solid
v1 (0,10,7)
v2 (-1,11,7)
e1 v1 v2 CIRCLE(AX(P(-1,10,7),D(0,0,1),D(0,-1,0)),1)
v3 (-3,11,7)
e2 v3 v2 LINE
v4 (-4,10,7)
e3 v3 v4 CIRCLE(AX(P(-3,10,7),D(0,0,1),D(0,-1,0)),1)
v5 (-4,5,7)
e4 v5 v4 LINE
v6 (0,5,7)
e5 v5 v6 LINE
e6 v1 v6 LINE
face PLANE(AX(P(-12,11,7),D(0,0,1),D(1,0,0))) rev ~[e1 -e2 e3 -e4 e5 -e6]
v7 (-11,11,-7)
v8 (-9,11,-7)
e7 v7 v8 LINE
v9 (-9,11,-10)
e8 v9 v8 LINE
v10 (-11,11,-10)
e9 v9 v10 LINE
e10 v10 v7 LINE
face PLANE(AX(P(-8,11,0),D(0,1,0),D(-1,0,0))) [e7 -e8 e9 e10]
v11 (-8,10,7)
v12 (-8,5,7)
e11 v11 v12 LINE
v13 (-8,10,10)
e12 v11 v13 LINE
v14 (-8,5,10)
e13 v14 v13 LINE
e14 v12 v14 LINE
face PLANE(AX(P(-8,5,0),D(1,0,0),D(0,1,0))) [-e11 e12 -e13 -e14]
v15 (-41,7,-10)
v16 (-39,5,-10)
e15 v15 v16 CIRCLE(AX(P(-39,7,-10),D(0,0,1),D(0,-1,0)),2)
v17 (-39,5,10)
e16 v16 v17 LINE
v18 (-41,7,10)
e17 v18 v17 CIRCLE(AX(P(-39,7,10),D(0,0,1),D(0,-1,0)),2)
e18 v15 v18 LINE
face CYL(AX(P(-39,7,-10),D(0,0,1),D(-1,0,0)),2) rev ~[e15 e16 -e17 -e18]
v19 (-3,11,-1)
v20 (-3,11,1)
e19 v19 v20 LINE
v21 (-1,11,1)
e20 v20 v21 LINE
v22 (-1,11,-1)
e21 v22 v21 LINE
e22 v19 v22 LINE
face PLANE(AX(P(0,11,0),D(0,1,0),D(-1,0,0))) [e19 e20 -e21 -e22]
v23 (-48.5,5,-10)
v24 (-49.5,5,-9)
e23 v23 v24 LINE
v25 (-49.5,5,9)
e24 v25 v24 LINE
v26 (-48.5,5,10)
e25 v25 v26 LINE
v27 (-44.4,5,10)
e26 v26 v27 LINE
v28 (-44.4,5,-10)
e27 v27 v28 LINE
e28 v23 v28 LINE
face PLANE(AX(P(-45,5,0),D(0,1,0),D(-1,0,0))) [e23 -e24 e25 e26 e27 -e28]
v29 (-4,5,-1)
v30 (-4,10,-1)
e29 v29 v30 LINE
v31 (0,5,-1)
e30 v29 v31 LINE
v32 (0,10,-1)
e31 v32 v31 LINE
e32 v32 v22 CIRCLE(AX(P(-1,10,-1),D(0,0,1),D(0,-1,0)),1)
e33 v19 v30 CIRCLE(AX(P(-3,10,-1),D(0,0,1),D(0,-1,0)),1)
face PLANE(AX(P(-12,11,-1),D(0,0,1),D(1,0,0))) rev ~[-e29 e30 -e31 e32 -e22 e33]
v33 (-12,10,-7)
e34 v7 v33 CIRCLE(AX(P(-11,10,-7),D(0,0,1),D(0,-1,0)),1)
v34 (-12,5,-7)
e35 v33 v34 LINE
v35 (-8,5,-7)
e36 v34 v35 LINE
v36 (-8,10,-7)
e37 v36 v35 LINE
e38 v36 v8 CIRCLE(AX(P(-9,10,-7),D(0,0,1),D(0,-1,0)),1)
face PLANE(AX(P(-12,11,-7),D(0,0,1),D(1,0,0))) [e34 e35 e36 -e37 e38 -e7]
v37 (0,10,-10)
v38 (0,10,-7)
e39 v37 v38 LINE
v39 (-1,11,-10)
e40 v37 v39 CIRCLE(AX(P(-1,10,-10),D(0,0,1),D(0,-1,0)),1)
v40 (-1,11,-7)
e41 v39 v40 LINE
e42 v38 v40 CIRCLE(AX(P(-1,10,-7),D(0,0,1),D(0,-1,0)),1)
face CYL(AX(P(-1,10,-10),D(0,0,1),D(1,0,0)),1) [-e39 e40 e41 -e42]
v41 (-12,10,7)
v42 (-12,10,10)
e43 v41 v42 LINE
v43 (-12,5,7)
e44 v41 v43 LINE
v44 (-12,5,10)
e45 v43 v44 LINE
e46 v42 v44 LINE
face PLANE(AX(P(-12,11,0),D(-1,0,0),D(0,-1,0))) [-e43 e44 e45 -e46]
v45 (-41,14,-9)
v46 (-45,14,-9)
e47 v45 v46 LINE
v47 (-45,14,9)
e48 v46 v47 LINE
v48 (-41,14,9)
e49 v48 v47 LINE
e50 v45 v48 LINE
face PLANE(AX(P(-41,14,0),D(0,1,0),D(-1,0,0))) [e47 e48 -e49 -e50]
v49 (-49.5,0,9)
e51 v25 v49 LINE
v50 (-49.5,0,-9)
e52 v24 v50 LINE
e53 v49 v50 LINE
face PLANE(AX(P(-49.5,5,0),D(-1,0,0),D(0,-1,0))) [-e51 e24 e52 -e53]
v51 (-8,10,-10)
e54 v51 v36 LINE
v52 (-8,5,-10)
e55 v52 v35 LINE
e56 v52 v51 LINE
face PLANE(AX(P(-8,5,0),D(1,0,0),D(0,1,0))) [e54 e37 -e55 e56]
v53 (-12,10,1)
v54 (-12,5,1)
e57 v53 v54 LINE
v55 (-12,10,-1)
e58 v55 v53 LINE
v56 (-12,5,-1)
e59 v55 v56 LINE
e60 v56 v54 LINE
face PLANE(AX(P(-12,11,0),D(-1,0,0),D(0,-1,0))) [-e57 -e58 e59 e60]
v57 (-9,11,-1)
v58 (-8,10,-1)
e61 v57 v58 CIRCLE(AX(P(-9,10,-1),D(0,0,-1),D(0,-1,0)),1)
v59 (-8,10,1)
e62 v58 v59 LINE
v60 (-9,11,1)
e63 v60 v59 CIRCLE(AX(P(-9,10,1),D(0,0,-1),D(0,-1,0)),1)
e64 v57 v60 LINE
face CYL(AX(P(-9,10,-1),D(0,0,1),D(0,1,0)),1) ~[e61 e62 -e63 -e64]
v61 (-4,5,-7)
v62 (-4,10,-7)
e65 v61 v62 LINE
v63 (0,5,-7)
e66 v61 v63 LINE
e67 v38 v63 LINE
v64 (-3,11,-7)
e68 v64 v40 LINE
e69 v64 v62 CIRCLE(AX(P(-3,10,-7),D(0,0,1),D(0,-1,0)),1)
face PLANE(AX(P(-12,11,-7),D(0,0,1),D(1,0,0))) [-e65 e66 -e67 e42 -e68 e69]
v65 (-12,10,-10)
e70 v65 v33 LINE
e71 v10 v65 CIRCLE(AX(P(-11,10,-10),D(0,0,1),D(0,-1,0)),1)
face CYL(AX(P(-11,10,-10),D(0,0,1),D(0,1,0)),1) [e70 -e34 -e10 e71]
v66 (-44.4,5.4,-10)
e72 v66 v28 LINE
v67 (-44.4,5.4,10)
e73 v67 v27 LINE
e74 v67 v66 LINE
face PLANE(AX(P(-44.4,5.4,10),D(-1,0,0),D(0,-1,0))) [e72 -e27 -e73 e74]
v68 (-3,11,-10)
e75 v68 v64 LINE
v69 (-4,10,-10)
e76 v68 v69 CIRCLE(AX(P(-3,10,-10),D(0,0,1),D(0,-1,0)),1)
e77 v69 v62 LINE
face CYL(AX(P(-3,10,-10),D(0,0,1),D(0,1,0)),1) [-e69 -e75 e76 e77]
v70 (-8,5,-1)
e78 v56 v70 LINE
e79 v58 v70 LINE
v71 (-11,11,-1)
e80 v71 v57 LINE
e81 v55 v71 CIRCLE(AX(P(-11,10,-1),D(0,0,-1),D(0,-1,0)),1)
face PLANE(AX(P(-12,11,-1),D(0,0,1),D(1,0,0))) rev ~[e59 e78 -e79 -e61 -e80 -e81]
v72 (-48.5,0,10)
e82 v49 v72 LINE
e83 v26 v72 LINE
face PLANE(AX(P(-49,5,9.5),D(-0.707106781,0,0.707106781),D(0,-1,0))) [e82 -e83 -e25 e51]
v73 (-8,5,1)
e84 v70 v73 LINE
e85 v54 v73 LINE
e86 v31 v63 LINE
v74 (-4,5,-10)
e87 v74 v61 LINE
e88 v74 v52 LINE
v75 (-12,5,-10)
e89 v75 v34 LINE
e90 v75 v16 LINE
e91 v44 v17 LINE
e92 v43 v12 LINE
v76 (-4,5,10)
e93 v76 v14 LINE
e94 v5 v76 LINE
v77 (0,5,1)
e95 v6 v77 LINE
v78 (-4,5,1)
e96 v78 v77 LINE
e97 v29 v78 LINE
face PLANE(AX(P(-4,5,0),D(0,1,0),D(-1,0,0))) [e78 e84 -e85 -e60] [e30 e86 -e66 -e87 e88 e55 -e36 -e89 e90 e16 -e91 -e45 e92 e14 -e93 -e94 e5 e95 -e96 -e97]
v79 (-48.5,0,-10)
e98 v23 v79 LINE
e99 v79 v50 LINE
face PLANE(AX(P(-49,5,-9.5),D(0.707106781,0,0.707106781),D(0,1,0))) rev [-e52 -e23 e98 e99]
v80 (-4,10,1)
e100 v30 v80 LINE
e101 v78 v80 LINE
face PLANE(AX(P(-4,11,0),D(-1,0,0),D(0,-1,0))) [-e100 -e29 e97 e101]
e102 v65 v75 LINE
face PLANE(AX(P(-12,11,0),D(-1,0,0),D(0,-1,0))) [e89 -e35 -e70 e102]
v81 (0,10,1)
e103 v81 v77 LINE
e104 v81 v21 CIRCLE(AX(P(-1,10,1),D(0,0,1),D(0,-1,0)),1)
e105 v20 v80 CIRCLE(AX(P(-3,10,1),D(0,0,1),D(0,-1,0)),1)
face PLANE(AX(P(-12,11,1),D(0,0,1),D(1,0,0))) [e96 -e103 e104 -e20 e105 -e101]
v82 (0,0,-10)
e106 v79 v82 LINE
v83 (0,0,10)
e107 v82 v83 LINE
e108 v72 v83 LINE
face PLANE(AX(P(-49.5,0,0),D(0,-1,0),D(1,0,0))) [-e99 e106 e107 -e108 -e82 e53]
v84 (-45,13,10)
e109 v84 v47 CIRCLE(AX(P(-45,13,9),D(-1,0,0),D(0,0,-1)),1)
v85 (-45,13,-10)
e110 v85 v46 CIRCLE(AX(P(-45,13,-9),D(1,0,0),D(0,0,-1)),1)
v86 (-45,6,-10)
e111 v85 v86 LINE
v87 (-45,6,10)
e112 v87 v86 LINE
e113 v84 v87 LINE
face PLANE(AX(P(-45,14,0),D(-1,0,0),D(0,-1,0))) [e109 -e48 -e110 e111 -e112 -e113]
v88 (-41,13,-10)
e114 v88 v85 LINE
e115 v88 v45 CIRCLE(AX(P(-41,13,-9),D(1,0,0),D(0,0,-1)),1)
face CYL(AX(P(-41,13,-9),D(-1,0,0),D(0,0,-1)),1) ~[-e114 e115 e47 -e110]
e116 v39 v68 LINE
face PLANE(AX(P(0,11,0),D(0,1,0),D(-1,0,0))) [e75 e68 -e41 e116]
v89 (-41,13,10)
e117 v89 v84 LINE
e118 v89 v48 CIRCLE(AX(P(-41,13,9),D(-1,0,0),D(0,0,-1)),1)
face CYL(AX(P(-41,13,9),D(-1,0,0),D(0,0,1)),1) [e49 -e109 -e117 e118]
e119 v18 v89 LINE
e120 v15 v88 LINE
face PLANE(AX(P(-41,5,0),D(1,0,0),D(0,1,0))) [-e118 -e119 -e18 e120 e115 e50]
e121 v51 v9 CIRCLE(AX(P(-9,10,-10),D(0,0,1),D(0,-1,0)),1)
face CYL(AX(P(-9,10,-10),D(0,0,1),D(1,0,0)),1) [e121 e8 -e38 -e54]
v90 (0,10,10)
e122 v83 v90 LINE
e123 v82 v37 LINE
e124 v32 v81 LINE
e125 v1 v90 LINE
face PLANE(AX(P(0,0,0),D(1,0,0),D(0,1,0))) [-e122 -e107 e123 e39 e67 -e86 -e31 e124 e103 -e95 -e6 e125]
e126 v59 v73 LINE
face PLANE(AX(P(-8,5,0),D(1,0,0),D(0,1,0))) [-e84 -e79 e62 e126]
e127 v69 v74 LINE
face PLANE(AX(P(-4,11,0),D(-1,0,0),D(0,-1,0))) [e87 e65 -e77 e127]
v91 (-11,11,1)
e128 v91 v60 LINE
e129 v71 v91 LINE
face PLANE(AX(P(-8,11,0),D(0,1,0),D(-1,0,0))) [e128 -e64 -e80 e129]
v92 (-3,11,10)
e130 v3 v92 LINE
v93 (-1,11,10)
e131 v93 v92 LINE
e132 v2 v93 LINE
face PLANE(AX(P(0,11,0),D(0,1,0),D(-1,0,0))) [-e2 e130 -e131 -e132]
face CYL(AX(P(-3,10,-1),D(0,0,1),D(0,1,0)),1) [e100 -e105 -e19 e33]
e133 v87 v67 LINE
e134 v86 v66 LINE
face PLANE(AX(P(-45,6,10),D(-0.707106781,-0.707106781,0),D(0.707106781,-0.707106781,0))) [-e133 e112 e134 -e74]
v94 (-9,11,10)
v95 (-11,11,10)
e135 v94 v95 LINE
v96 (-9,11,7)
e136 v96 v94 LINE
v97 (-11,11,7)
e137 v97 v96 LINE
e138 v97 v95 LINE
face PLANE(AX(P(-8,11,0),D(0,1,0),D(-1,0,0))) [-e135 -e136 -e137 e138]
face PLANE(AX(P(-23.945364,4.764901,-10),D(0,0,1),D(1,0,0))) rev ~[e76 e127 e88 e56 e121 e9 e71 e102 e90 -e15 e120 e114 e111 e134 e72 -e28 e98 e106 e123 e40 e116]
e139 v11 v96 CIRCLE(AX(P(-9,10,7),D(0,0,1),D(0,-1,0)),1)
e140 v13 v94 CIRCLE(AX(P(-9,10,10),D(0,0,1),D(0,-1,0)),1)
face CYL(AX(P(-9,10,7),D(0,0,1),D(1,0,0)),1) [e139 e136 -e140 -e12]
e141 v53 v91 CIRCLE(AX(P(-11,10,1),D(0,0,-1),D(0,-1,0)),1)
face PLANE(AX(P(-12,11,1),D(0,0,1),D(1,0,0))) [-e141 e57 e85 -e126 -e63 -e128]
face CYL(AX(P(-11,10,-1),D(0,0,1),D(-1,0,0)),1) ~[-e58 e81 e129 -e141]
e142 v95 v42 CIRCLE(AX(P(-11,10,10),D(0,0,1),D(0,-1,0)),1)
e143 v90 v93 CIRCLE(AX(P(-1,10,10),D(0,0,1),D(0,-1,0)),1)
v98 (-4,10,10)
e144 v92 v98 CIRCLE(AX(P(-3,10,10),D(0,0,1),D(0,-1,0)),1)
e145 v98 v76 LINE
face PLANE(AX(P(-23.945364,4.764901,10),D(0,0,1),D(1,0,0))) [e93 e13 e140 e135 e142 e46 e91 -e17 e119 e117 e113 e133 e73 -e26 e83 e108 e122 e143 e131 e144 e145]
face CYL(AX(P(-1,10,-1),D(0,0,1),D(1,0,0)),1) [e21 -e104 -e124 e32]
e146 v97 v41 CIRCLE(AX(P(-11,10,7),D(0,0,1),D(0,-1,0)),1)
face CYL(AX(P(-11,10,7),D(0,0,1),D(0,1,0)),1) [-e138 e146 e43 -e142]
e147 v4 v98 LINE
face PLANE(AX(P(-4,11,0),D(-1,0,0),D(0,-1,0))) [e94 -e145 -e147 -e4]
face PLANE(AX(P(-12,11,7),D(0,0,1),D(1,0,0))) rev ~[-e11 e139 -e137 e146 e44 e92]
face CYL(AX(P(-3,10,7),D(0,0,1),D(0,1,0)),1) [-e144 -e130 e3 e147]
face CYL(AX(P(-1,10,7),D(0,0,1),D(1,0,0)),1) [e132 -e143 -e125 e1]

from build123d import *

# Parameters (mm, degrees)
P_IDAT_VYSUNUT_M1_DEPTH  = 10
SKICA2_W                 = 12
SKICA2_H                 = 6
ODEBRAT_VYSUNUT_M1_DEPTH = 6
ZAOBLIT1_R               = 1
ZKOSEN_1_SIZE            = 1
ZAOBLIT2_R               = 2
ODEBRAT_VYSUNUT_M2_DEPTH = 56.192843739


with BuildPart() as part:
    # Skica1 → Přidat vysunutím1 (new, symmetric)
    with BuildSketch(Plane.XY):
        Polygon((-49.5, 0), (0, 0), (0, 11), (-4, 11), (-4, 5), (-8, 5), (-8, 11), (-12, 11), (-12, 5), (-41, 5), (-41, 14), (-45, 14), (-45, 5), (-49.5, 5), align=None)
    extrude(amount=P_IDAT_VYSUNUT_M1_DEPTH, both=True)

    # Skica2 → Odebrat vysunutím1 (cut)
    with BuildSketch(Plane(origin=(0, 11, 0), x_dir=(1, 0, 0), z_dir=(0, 1, 0))):
        with Locations((-6, 4)):
            Rectangle(SKICA2_W, SKICA2_H)
        with Locations((-6, -4)):
            Rectangle(SKICA2_W, SKICA2_H)
    extrude(amount=-ODEBRAT_VYSUNUT_M1_DEPTH, mode=Mode.SUBTRACT)

    # Zaoblit1
    zaoblit1_edges = [part.edges().sort_by_distance(p)[0] for p in [
        (-43, 14, -10),
        (-12, 11, 8.5),
        (-8, 11, 8.5),
        (-4, 11, 8.5),
        (0, 11, 8.5),
        (-8, 11, 0),
        (-8, 11, -8.5),
        (-4, 11, 0),
        (-4, 11, -8.5),
        (-43, 14, 10),
        (0, 11, 0),
        (0, 11, -8.5),
        (-12, 11, 0),
        (-12, 11, -8.5),
    ]]
    fillet(zaoblit1_edges, radius=ZAOBLIT1_R)

    # Zkosení1
    zkosen_1_edges = [part.edges().sort_by_distance(p)[0] for p in [
        (-49.5, 2.5, -10),
        (-49.5, 2.5, 10),
    ]]
    chamfer(zkosen_1_edges, length=ZKOSEN_1_SIZE)

    # Zaoblit2
    zaoblit2_edges = [part.edges().sort_by_distance(p)[0] for p in [
        (-41, 5, 0),
    ]]
    fillet(zaoblit2_edges, radius=ZAOBLIT2_R)

    # Skica3 → Odebrat vysunutím2 (cut, through all)
    with BuildSketch(Plane.XY.offset(10)):
        Polygon((-45, 6), (-44.4, 5.4), (-44.4, 5), (-45, 5), align=None)
    extrude(amount=-ODEBRAT_VYSUNUT_M2_DEPTH, mode=Mode.SUBTRACT)


solid = part.part
